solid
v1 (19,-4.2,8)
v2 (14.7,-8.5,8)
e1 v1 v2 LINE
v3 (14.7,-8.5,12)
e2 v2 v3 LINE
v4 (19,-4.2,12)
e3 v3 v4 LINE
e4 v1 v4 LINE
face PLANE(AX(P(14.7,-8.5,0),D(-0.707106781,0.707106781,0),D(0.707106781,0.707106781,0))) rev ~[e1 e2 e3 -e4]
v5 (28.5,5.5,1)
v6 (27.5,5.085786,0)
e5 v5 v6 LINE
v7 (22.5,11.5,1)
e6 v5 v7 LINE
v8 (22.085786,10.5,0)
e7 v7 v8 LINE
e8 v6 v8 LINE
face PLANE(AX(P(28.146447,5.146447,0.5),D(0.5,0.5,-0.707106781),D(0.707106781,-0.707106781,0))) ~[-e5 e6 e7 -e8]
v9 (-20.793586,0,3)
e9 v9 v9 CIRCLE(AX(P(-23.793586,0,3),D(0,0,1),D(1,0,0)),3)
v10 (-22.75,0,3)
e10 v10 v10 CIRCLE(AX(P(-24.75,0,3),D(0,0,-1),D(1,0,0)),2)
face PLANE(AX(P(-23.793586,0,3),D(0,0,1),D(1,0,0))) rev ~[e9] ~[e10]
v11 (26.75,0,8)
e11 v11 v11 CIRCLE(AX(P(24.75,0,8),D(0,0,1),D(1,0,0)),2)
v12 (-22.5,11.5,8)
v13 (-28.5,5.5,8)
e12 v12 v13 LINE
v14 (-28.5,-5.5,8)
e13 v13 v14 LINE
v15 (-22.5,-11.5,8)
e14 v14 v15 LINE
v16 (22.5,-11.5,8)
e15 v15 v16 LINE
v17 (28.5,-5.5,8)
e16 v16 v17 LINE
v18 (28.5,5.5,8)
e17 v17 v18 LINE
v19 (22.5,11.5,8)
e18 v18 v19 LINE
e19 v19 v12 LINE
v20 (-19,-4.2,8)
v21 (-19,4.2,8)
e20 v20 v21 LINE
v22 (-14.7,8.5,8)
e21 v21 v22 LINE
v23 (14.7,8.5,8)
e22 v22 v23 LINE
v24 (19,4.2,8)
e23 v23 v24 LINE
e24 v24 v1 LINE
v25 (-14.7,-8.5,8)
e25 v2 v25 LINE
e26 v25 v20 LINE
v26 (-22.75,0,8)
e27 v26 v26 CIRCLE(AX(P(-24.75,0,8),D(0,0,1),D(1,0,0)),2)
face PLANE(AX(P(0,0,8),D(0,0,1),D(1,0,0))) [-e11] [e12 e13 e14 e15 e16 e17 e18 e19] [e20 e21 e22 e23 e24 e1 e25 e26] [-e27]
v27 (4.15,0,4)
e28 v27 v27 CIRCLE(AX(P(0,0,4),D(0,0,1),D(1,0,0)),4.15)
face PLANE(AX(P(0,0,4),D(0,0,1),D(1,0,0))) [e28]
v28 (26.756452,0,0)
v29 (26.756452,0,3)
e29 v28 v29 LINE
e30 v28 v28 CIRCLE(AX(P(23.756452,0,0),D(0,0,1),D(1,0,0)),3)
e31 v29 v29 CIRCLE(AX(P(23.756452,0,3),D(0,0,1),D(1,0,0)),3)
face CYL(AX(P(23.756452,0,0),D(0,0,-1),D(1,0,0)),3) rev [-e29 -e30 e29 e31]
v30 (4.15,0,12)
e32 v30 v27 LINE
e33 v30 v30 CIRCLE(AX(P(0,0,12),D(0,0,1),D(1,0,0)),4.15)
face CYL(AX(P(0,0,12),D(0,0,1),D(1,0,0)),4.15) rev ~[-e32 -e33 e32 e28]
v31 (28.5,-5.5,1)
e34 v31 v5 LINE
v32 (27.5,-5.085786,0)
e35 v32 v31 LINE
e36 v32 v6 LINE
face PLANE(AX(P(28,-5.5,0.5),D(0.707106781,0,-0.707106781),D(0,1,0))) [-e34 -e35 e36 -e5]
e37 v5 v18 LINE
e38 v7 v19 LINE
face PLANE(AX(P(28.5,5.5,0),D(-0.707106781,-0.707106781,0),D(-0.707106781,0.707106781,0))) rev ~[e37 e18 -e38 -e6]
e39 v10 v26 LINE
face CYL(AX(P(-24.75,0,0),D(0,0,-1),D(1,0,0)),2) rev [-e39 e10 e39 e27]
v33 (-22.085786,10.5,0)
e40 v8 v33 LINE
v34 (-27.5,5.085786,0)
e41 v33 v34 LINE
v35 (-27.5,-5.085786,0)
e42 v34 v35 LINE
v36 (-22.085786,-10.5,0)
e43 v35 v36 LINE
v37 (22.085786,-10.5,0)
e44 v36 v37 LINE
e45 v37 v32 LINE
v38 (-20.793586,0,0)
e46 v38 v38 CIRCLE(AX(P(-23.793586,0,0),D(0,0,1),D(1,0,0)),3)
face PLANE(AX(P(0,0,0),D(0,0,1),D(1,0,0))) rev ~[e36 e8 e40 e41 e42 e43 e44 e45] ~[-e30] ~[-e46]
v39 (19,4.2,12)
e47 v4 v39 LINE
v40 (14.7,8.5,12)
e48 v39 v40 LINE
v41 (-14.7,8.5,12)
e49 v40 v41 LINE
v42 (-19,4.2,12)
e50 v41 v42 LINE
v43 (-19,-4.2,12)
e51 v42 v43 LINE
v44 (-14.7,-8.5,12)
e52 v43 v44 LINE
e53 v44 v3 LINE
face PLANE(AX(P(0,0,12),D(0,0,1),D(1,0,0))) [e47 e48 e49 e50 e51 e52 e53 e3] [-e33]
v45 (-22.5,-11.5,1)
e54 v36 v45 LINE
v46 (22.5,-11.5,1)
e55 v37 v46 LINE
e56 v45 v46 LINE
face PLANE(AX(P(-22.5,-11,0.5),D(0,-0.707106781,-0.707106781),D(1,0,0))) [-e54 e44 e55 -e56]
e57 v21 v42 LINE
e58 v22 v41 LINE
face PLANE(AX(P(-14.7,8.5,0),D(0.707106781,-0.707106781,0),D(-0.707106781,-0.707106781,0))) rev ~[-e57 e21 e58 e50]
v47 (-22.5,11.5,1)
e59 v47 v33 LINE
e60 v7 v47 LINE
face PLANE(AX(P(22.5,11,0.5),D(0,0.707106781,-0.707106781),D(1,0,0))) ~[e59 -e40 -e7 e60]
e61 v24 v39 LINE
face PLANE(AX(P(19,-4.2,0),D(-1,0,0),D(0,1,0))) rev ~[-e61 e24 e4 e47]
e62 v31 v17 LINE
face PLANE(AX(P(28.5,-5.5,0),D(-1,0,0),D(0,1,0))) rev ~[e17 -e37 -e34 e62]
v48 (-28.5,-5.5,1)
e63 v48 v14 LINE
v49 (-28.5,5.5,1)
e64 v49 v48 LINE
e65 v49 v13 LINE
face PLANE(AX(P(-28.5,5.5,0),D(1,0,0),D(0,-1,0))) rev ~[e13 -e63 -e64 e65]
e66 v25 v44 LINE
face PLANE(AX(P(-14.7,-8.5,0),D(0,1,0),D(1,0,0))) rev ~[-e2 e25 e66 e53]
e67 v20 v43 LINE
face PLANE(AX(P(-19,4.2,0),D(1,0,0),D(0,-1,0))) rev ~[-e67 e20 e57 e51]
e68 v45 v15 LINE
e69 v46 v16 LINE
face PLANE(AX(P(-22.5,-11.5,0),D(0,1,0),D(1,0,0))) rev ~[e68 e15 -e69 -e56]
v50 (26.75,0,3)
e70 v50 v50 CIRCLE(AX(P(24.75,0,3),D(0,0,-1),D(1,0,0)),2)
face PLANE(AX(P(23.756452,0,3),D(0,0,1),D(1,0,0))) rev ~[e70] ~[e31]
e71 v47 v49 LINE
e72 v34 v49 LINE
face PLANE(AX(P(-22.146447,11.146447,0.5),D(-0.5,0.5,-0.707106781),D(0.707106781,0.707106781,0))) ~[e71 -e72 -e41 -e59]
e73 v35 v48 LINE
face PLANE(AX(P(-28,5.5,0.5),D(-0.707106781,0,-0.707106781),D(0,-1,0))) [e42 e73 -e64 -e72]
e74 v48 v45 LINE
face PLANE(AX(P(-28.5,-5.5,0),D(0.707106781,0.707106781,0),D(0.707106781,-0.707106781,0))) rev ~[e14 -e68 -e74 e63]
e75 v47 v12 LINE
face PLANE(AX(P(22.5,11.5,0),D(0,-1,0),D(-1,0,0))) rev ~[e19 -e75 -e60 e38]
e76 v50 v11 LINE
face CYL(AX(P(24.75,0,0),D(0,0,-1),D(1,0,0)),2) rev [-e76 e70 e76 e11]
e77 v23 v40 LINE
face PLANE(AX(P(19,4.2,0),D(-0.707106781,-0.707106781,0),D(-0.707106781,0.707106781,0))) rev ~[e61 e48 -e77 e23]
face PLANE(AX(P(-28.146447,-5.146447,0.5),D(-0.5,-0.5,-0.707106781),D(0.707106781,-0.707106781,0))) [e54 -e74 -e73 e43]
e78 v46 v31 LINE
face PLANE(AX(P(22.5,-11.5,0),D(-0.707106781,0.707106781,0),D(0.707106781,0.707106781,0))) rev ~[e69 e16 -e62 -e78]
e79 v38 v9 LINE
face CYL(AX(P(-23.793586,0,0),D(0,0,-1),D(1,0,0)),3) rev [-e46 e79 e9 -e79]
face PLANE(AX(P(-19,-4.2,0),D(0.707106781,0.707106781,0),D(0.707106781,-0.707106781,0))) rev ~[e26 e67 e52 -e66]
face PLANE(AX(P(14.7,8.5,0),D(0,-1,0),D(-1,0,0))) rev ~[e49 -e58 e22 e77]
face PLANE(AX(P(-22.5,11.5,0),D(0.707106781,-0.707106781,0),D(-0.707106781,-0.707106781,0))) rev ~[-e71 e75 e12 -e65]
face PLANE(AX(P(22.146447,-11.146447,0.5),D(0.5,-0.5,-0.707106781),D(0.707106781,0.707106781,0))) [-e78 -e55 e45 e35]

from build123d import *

# Parameters (mm, degrees)
F1_DEPTH = 12
F0_R     = 2
F2_DEPTH = 8
F3_SIZE  = 1
F4_R     = 4.15
F5_DEPTH = 8
F6_R     = 3
F7_DEPTH = 3


with BuildPart() as f1:
    # F0 (on Top) → F1 (new body)
    with BuildSketch(Plane.XY):
        Polygon((14.7, 8.5), (-14.7, 8.5), (-19, 4.2), (-19, -4.2), (-14.7, -8.5), (14.7, -8.5), (19, -4.2), (19, 4.2), align=None)
    extrude(amount=F1_DEPTH)

    # F0 (on Top) → F2 (join)
    with BuildSketch(Plane.XY):
        Polygon((22.5, 11.5), (-22.5, 11.5), (-28.5, 5.5), (-28.5, -5.5), (-22.5, -11.5), (22.5, -11.5), (28.5, -5.5), (28.5, 5.5), align=None)
        with Locations((-24.75, 0)):
            Circle(F0_R, mode=Mode.SUBTRACT)
        Polygon((-19, 4.2), (-14.7, 8.5), (14.7, 8.5), (19, 4.2), (19, -4.2), (14.7, -8.5), (-14.7, -8.5), (-19, -4.2), align=None, mode=Mode.SUBTRACT)
        with Locations((24.75, 0)):
            Circle(F0_R, mode=Mode.SUBTRACT)
    extrude(amount=F2_DEPTH)

    # F3
    f3_edges = [f1.edges().sort_by_distance(p)[0] for p in [
        (0, -11.5, 0),
        (-25.5, -8.5, 0),
        (-28.5, 0, 0),
        (-25.5, 8.5, 0),
        (0, 11.5, 0),
        (25.5, 8.5, 0),
        (28.5, 0, 0),
        (25.5, -8.5, 0),
    ]]
    chamfer(f3_edges, length=F3_SIZE)

    # F4 (on face) → F5 (cut)
    with BuildSketch(Plane.XY.offset(12)):
        Circle(F4_R)
    extrude(amount=-F5_DEPTH, mode=Mode.SUBTRACT)

    # F6 (on Top) → F7 (cut)
    with BuildSketch(Plane.XY):
        with Locations((-23.793586, 0)):
            Circle(F6_R)
        with Locations((23.756452, 0)):
            Circle(F6_R)
    extrude(amount=F7_DEPTH, mode=Mode.SUBTRACT)


solid = f1.part
